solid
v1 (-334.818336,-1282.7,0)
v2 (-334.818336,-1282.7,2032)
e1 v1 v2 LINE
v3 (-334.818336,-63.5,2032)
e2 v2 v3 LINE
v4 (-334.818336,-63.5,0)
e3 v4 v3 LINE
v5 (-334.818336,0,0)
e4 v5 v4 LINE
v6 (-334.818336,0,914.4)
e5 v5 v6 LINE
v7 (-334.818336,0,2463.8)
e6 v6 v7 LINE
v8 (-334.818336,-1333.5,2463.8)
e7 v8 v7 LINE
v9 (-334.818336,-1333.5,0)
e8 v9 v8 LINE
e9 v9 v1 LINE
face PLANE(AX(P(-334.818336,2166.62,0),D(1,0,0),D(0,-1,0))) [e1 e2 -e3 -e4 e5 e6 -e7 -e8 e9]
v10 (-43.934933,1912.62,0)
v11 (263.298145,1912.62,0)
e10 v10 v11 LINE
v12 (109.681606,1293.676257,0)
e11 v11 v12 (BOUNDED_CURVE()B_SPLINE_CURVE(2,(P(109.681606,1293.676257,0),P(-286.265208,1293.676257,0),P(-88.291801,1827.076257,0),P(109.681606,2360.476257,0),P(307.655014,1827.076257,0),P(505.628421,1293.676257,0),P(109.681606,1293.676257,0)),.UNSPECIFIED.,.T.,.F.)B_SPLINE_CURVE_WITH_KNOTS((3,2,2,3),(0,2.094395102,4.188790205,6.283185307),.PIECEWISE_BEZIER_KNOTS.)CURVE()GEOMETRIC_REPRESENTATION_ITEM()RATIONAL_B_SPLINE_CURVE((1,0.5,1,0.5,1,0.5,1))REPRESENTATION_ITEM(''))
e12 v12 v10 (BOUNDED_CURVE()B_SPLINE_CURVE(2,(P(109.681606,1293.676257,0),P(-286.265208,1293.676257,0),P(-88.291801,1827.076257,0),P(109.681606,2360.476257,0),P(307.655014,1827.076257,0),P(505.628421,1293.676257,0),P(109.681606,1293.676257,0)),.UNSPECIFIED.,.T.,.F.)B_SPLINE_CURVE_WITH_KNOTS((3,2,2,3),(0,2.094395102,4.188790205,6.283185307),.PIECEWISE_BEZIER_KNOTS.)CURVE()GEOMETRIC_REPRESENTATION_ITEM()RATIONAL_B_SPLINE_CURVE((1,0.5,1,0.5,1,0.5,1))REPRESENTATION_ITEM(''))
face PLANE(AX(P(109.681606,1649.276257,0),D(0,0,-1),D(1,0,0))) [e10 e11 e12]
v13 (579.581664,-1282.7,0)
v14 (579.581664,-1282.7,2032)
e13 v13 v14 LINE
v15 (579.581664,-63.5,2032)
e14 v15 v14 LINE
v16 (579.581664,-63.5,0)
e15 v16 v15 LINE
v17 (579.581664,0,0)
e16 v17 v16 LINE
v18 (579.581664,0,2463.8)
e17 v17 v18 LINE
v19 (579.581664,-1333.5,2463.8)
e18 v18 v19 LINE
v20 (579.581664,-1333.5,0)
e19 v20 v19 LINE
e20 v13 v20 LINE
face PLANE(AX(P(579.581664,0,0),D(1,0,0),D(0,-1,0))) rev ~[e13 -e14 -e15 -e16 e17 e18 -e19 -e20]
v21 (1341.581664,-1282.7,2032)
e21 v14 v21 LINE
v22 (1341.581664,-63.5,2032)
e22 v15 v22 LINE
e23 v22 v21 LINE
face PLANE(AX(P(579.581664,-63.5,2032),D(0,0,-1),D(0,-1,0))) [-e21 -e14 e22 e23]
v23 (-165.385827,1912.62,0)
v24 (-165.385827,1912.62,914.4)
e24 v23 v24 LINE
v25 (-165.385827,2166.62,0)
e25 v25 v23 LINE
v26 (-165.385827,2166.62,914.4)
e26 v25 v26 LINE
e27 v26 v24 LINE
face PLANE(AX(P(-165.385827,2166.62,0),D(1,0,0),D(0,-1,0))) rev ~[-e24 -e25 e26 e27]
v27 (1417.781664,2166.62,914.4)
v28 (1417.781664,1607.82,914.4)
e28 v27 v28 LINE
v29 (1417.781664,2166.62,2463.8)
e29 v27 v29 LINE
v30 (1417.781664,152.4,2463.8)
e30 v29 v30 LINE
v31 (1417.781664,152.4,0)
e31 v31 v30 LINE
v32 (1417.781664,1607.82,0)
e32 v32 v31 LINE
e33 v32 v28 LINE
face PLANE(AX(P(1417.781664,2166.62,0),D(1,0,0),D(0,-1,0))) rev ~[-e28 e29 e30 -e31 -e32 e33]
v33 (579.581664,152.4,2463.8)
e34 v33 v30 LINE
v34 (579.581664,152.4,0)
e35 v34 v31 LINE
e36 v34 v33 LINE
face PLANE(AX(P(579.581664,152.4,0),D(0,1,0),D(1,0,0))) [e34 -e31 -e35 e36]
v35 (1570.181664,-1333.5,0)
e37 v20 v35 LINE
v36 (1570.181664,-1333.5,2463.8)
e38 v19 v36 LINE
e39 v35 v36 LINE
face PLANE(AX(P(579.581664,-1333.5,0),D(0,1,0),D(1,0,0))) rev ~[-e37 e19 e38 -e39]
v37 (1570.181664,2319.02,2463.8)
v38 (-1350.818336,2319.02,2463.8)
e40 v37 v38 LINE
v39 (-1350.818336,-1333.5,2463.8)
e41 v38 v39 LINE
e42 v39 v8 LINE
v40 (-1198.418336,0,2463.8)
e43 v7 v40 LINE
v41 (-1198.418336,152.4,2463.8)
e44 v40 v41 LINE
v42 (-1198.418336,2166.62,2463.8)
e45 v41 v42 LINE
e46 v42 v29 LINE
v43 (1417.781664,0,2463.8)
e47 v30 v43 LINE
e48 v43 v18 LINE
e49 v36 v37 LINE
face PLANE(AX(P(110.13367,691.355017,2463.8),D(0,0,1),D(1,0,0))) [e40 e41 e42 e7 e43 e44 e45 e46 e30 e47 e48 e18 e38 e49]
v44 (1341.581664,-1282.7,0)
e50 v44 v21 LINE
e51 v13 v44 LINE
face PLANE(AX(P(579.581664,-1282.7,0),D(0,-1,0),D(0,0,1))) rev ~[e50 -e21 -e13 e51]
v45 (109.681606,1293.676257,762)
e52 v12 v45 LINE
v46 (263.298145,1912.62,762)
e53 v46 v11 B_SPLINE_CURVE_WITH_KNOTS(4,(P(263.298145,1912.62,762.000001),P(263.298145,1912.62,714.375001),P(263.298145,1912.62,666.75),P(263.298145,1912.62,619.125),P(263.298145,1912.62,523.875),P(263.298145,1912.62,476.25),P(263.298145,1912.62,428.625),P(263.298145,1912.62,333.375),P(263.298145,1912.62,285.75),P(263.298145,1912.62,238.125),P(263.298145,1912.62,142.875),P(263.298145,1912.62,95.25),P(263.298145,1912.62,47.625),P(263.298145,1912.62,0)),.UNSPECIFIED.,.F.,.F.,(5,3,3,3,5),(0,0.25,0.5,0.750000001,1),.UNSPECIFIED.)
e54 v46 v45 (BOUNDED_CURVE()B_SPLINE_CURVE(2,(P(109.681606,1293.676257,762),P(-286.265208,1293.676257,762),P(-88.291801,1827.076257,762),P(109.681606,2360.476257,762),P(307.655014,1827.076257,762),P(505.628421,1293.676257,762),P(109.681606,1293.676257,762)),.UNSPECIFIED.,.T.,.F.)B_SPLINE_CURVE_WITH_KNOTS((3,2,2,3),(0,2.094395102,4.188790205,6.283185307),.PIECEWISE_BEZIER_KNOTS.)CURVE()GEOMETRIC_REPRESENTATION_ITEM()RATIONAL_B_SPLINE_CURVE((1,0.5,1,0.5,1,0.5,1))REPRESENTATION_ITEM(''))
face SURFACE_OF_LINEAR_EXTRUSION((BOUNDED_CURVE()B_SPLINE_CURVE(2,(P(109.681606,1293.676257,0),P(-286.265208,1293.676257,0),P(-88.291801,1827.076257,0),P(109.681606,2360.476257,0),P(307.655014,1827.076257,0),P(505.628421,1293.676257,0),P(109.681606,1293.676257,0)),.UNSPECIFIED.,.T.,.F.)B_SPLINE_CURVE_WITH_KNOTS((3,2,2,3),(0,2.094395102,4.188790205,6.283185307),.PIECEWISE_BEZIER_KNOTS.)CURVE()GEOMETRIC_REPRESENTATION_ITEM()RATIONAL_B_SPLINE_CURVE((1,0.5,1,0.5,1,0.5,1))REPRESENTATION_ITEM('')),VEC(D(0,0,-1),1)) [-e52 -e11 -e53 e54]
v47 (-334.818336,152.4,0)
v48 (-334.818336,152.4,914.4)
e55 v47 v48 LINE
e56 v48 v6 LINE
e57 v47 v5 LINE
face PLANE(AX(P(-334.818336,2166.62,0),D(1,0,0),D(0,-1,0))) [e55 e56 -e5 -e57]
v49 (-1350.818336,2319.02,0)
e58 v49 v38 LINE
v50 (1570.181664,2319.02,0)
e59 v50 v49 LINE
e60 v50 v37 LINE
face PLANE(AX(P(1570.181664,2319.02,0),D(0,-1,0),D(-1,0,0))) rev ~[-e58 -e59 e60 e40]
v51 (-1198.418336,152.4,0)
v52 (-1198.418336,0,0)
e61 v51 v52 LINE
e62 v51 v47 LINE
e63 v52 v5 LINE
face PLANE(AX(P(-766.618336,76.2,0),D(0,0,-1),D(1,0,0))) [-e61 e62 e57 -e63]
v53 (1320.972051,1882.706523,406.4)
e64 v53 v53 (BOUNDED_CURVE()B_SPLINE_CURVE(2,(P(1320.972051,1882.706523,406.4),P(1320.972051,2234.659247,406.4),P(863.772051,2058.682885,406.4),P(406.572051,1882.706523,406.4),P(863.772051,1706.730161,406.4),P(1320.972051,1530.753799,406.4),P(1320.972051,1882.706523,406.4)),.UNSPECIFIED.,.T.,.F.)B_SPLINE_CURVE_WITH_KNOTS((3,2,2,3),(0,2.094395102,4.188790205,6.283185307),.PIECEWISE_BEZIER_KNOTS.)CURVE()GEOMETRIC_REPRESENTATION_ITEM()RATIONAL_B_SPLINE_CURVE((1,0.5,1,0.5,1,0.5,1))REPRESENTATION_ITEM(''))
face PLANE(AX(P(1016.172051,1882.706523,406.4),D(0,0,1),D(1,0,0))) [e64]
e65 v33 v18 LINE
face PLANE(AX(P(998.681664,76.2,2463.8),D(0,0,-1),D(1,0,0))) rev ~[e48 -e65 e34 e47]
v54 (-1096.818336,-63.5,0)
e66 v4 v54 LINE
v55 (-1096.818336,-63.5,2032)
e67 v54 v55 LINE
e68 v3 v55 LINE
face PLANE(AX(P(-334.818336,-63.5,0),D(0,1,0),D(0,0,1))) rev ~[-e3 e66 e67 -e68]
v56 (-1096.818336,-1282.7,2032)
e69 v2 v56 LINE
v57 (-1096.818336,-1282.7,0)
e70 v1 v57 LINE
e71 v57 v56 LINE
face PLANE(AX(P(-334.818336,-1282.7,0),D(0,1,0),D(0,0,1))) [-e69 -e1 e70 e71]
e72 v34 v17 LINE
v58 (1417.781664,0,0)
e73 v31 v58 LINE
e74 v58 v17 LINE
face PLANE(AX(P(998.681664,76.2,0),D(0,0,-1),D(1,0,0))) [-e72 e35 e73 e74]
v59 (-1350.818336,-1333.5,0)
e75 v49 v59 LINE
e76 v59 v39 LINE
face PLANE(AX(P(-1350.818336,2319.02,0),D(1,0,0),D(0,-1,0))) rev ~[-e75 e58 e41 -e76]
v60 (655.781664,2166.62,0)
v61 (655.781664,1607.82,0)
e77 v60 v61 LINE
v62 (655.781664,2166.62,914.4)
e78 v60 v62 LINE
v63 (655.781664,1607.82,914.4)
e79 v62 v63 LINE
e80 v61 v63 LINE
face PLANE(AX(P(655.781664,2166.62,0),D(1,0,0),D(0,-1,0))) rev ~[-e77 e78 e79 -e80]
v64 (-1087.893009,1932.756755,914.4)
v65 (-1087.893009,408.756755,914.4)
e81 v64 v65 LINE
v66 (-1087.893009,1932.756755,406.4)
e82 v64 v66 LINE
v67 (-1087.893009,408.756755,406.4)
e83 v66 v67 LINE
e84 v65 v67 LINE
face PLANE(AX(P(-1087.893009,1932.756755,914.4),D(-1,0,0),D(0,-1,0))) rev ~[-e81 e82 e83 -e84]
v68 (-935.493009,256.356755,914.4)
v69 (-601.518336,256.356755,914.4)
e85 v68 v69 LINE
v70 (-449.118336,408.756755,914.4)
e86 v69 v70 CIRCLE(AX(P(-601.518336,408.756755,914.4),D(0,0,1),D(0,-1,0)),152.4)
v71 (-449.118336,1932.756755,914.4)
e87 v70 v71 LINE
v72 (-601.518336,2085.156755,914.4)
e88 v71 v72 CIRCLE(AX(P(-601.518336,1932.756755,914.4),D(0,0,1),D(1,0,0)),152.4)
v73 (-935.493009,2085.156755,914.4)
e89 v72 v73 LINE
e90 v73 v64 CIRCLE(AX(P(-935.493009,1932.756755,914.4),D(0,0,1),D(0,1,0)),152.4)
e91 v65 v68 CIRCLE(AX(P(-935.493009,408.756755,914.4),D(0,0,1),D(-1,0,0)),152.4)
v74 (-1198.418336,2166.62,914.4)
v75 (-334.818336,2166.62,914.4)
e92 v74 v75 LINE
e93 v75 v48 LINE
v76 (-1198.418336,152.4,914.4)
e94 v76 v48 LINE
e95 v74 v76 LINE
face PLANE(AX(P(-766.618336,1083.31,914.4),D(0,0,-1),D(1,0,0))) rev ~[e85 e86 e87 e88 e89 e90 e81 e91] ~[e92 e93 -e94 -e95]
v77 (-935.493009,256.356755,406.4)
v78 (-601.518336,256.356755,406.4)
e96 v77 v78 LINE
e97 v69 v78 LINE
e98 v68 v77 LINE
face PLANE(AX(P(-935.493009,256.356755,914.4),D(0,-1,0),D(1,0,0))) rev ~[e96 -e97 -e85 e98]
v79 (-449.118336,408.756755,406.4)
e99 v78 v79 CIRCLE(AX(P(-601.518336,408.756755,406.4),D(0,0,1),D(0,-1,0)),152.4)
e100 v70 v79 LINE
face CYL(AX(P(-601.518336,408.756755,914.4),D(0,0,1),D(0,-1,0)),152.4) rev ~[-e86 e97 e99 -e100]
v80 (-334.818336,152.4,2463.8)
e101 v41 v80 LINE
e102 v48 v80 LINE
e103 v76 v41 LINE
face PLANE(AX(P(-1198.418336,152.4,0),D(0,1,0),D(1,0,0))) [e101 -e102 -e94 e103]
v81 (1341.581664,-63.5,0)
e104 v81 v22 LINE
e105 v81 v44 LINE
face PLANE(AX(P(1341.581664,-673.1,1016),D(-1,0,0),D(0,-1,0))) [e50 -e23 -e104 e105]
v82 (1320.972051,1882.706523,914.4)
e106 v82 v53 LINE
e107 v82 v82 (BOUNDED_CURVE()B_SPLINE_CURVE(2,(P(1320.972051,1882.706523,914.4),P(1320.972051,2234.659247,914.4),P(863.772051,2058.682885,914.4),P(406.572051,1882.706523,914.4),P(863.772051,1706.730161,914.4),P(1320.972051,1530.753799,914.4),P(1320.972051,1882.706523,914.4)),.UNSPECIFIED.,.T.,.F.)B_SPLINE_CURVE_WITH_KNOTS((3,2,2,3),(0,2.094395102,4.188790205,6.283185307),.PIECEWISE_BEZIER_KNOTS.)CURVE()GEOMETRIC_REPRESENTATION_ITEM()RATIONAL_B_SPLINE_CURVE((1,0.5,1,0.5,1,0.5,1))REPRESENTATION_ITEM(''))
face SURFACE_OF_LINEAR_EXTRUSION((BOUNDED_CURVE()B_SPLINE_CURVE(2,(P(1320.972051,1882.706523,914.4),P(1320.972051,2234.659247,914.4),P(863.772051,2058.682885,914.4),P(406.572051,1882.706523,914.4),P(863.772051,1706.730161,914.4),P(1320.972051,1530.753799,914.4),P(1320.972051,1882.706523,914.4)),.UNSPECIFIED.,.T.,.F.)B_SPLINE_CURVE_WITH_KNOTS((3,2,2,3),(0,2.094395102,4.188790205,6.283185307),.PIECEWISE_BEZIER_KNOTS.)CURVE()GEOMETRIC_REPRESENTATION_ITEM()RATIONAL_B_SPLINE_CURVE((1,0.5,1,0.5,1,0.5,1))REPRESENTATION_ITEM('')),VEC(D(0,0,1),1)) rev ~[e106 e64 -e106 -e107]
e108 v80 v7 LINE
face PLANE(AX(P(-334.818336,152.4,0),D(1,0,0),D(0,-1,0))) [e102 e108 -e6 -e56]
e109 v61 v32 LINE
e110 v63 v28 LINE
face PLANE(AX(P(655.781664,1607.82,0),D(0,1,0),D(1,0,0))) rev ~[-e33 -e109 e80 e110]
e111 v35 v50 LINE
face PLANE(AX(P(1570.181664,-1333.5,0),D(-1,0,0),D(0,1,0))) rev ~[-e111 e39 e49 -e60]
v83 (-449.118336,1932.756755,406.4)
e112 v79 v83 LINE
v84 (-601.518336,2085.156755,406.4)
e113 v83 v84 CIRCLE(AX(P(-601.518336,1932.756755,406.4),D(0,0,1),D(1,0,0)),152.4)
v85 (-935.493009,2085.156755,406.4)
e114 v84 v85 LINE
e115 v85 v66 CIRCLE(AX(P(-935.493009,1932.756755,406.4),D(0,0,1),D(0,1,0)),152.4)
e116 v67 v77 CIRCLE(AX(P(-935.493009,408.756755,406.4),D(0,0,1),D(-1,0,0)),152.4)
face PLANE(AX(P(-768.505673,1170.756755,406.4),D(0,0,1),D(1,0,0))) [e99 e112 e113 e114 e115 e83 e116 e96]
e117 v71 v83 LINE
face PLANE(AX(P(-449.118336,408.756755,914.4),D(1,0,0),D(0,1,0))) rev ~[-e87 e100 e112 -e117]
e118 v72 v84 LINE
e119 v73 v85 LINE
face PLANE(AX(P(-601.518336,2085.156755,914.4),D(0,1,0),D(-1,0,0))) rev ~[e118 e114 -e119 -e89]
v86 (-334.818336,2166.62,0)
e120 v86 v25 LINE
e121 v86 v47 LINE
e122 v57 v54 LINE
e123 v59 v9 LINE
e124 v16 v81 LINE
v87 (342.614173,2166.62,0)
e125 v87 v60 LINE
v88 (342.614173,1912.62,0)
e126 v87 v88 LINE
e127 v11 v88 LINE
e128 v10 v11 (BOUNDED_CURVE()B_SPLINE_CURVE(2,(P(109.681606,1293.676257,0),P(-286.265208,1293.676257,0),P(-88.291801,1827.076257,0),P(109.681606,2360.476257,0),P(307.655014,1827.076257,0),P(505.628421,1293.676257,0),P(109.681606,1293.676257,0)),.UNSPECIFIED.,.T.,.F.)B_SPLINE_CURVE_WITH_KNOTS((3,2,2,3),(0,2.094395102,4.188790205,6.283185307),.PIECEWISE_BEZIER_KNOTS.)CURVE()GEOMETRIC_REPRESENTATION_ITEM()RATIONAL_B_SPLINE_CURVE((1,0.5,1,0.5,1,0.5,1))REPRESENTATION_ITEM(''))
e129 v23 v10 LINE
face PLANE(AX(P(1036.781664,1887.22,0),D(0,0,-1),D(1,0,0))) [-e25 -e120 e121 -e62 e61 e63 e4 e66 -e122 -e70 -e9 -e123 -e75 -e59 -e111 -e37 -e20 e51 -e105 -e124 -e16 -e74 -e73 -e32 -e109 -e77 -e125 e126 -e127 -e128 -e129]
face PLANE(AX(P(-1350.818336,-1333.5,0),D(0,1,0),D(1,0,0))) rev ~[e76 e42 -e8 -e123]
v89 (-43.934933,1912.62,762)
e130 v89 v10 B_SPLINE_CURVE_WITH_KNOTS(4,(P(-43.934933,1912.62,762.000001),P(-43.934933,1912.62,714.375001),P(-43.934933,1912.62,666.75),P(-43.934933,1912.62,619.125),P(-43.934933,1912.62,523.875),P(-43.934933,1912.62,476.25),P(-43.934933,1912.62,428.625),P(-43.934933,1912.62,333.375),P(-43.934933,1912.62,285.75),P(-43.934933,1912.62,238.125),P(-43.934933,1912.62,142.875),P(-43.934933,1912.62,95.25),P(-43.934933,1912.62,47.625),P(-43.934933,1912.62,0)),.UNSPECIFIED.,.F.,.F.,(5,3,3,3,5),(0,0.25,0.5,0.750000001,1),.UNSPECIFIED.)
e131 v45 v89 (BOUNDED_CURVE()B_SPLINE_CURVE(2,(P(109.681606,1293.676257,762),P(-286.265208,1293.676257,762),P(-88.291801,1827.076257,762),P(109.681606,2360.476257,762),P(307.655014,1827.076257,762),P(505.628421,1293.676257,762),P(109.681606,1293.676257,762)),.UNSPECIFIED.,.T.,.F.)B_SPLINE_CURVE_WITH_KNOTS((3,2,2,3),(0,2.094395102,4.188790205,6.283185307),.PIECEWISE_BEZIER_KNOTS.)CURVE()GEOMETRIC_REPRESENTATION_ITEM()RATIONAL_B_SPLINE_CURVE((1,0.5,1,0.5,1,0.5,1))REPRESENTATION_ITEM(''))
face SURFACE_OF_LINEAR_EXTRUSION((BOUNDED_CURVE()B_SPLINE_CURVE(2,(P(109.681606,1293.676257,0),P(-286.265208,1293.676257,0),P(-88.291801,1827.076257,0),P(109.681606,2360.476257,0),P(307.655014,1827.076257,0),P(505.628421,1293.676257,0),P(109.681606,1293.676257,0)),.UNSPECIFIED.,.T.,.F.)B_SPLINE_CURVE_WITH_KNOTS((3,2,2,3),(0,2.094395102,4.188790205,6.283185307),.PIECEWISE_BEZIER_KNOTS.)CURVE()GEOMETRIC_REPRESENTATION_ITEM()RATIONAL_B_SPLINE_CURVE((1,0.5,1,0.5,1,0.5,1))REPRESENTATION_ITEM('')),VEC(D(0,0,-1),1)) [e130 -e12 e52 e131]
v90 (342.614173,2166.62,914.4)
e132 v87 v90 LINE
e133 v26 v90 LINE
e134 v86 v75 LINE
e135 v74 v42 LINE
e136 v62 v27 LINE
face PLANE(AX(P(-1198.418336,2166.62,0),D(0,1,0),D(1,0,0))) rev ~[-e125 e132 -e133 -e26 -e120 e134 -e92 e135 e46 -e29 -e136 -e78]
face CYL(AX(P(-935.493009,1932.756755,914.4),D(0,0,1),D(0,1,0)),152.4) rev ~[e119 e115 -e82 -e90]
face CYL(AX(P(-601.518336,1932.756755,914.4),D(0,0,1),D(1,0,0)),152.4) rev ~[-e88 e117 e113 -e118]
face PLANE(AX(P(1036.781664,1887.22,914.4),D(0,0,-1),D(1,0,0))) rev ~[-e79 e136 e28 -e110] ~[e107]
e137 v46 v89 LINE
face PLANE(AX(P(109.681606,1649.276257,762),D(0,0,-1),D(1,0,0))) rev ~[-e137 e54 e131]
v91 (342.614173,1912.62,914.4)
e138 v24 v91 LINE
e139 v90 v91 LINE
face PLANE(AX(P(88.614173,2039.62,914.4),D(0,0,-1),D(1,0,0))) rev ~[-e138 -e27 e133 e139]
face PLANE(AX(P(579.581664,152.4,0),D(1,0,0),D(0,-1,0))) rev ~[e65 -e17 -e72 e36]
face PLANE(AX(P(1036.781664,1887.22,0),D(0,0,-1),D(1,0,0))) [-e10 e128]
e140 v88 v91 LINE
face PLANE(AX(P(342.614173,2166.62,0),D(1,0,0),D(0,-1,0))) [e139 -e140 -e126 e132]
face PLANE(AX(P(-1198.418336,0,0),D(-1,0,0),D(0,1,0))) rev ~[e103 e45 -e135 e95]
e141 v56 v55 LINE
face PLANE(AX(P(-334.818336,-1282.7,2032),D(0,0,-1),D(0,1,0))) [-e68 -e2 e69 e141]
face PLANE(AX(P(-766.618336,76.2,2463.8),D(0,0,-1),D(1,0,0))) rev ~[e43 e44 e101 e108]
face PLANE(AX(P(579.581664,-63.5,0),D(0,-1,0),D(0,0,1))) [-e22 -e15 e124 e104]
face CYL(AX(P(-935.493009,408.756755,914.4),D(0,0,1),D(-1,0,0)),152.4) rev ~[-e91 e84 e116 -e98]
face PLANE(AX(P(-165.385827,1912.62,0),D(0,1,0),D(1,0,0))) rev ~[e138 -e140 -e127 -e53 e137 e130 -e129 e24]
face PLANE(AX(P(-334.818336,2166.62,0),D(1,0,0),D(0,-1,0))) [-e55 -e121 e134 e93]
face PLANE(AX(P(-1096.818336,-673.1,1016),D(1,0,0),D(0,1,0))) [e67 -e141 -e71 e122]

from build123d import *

# Parameters (mm, degrees)
F1_DEPTH  = 2463.8
F2_W      = 1219.2
F2_H      = 2032
F3_DEPTH  = 762
F4_W      = 1219.2
F4_H      = 2032
F5_DEPTH  = 762
F6_W      = 762
F6_H      = 558.8
F6_W_2    = 863.6
F6_H_2    = 2166.62
F6_W_3    = 508
F6_H_3    = 254
F7_DEPTH  = 914.4
F9_DEPTH  = 762
F11_DEPTH = 508
F12_W     = 838.2
F12_H     = 152.4
F12_W_2   = 863.6
F13_DEPTH = 2463.8


with BuildPart() as f1:
    # F0 (on Top) → F1 (new body)
    with BuildSketch(Plane.XY):
        Polygon((-334.8183358609, 0), (-1198.4183358609, 0), (-1198.4183358609, 2166.62), (1417.7816641391, 2166.62), (1417.7816641391, 0), (579.5816641391, 0), (579.5816641391, -1333.5), (1570.1816641391, -1333.5), (1570.1816641391, 0), (1570.1816641391, 2319.02), (-1350.8183358609, 2319.02), (-1350.8183358609, 0), (-1350.8183358609, -1333.5), (-334.8183358609, -1333.5), align=None)
    extrude(amount=F1_DEPTH)

    # F2 (on face) → F3 (cut)
    with BuildSketch(Plane.YZ.offset(-334.8183358609)):
        with Locations((-673.1, 1016)):
            Rectangle(F2_W, F2_H)
    extrude(amount=-F3_DEPTH, mode=Mode.SUBTRACT)

    # F4 (on face) → F5 (cut)
    with BuildSketch(Plane(origin=(579.5816641391, 0, 0), x_dir=(0, -1, 0), z_dir=(-1, 0, 0))):
        with Locations((673.1, 1016)):
            Rectangle(F4_W, F4_H)
    extrude(amount=-F5_DEPTH, mode=Mode.SUBTRACT)

    # F6 (on face) → F7 (join)
    with BuildSketch(Plane(origin=(0, 0, 0), x_dir=(1, 0, 0), z_dir=(0, 0, -1))):
        with Locations((1036.7816641391, -1887.22)):
            Rectangle(F6_W, F6_H)
        with Locations((-766.6183358609, -1083.31)):
            Rectangle(F6_W_2, F6_H_2)
        with Locations((88.6141725779, -2039.62)):
            Rectangle(F6_W_3, F6_H_3)
    extrude(amount=-F7_DEPTH)

    # F8 (on face) → F9 (join)
    with BuildSketch(Plane(origin=(0, 0, 0), x_dir=(1, 0, 0), z_dir=(0, 0, -1))):
        with BuildLine():
            add(Edge.make_bspline(
                [(109.6816062927, -1293.6762565613), (-286.2652083175, -1293.6762565613), (-88.2918010124, -1827.0762565613), (109.6816062927, -2360.4762565613), (307.6550135978, -1827.0762565613), (505.628420903, -1293.6762565613), (109.6816062927, -1293.6762565613)],
                knots=[0, 0, 0, 2.0943951024, 2.0943951024, 4.1887902048, 4.1887902048, 6.2831853072, 6.2831853072, 6.2831853072], degree=2, weights=[1, 0.5, 1, 0.5, 1, 0.5, 1]))
        make_face()
    extrude(amount=-F9_DEPTH)

    # F10 (on face) → F11 (cut)
    with BuildSketch(Plane.XY.offset(914.4)):
        with BuildLine():
            Line((-601.5183358609, 2085.1567547083), (-935.4930091858, 2085.1567547083))
            ThreePointArc((-935.4930091858, 2085.1567547083), (-1043.2560826386, 2040.5198281611), (-1087.8930091858, 1932.7567547083))
            Line((-1087.8930091858, 1932.7567547083), (-1087.8930091858, 408.7567547083))
            ThreePointArc((-1087.8930091858, 408.7567547083), (-1043.2560826386, 300.9936812555), (-935.4930091858, 256.3567547083))
            Line((-935.4930091858, 256.3567547083), (-601.5183358609, 256.3567547083))
            ThreePointArc((-601.5183358609, 256.3567547083), (-493.755262408, 300.9936812555), (-449.1183358609, 408.7567547083))
            Line((-449.1183358609, 408.7567547083), (-449.1183358609, 1932.7567547083))
            ThreePointArc((-449.1183358609, 1932.7567547083), (-493.755262408, 2040.5198281611), (-601.5183358609, 2085.1567547083))
        make_face()
        with BuildLine():
            add(Edge.make_bspline(
                [(1320.9720514297, 1882.7065229416), (1320.9720514297, 2234.6592470396), (863.7720514297, 2058.6828849906), (406.5720514297, 1882.7065229416), (863.7720514297, 1706.7301608926), (1320.9720514297, 1530.7537988436), (1320.9720514297, 1882.7065229416)],
                knots=[0, 0, 0, 2.0943951024, 2.0943951024, 4.1887902048, 4.1887902048, 6.2831853072, 6.2831853072, 6.2831853072], degree=2, weights=[1, 0.5, 1, 0.5, 1, 0.5, 1]))
        make_face()
    extrude(amount=-F11_DEPTH, mode=Mode.SUBTRACT)

    # F12 (on face) → F13 (join, through all)
    with BuildSketch(Plane(origin=(0, 0, 0), x_dir=(1, 0, 0), z_dir=(0, 0, -1))):
        with Locations((998.6816641391, -76.2)):
            Rectangle(F12_W, F12_H)
        with Locations((-766.6183358609, -76.2)):
            Rectangle(F12_W_2, F12_H)
    extrude(amount=-F13_DEPTH)


solid = f1.part
